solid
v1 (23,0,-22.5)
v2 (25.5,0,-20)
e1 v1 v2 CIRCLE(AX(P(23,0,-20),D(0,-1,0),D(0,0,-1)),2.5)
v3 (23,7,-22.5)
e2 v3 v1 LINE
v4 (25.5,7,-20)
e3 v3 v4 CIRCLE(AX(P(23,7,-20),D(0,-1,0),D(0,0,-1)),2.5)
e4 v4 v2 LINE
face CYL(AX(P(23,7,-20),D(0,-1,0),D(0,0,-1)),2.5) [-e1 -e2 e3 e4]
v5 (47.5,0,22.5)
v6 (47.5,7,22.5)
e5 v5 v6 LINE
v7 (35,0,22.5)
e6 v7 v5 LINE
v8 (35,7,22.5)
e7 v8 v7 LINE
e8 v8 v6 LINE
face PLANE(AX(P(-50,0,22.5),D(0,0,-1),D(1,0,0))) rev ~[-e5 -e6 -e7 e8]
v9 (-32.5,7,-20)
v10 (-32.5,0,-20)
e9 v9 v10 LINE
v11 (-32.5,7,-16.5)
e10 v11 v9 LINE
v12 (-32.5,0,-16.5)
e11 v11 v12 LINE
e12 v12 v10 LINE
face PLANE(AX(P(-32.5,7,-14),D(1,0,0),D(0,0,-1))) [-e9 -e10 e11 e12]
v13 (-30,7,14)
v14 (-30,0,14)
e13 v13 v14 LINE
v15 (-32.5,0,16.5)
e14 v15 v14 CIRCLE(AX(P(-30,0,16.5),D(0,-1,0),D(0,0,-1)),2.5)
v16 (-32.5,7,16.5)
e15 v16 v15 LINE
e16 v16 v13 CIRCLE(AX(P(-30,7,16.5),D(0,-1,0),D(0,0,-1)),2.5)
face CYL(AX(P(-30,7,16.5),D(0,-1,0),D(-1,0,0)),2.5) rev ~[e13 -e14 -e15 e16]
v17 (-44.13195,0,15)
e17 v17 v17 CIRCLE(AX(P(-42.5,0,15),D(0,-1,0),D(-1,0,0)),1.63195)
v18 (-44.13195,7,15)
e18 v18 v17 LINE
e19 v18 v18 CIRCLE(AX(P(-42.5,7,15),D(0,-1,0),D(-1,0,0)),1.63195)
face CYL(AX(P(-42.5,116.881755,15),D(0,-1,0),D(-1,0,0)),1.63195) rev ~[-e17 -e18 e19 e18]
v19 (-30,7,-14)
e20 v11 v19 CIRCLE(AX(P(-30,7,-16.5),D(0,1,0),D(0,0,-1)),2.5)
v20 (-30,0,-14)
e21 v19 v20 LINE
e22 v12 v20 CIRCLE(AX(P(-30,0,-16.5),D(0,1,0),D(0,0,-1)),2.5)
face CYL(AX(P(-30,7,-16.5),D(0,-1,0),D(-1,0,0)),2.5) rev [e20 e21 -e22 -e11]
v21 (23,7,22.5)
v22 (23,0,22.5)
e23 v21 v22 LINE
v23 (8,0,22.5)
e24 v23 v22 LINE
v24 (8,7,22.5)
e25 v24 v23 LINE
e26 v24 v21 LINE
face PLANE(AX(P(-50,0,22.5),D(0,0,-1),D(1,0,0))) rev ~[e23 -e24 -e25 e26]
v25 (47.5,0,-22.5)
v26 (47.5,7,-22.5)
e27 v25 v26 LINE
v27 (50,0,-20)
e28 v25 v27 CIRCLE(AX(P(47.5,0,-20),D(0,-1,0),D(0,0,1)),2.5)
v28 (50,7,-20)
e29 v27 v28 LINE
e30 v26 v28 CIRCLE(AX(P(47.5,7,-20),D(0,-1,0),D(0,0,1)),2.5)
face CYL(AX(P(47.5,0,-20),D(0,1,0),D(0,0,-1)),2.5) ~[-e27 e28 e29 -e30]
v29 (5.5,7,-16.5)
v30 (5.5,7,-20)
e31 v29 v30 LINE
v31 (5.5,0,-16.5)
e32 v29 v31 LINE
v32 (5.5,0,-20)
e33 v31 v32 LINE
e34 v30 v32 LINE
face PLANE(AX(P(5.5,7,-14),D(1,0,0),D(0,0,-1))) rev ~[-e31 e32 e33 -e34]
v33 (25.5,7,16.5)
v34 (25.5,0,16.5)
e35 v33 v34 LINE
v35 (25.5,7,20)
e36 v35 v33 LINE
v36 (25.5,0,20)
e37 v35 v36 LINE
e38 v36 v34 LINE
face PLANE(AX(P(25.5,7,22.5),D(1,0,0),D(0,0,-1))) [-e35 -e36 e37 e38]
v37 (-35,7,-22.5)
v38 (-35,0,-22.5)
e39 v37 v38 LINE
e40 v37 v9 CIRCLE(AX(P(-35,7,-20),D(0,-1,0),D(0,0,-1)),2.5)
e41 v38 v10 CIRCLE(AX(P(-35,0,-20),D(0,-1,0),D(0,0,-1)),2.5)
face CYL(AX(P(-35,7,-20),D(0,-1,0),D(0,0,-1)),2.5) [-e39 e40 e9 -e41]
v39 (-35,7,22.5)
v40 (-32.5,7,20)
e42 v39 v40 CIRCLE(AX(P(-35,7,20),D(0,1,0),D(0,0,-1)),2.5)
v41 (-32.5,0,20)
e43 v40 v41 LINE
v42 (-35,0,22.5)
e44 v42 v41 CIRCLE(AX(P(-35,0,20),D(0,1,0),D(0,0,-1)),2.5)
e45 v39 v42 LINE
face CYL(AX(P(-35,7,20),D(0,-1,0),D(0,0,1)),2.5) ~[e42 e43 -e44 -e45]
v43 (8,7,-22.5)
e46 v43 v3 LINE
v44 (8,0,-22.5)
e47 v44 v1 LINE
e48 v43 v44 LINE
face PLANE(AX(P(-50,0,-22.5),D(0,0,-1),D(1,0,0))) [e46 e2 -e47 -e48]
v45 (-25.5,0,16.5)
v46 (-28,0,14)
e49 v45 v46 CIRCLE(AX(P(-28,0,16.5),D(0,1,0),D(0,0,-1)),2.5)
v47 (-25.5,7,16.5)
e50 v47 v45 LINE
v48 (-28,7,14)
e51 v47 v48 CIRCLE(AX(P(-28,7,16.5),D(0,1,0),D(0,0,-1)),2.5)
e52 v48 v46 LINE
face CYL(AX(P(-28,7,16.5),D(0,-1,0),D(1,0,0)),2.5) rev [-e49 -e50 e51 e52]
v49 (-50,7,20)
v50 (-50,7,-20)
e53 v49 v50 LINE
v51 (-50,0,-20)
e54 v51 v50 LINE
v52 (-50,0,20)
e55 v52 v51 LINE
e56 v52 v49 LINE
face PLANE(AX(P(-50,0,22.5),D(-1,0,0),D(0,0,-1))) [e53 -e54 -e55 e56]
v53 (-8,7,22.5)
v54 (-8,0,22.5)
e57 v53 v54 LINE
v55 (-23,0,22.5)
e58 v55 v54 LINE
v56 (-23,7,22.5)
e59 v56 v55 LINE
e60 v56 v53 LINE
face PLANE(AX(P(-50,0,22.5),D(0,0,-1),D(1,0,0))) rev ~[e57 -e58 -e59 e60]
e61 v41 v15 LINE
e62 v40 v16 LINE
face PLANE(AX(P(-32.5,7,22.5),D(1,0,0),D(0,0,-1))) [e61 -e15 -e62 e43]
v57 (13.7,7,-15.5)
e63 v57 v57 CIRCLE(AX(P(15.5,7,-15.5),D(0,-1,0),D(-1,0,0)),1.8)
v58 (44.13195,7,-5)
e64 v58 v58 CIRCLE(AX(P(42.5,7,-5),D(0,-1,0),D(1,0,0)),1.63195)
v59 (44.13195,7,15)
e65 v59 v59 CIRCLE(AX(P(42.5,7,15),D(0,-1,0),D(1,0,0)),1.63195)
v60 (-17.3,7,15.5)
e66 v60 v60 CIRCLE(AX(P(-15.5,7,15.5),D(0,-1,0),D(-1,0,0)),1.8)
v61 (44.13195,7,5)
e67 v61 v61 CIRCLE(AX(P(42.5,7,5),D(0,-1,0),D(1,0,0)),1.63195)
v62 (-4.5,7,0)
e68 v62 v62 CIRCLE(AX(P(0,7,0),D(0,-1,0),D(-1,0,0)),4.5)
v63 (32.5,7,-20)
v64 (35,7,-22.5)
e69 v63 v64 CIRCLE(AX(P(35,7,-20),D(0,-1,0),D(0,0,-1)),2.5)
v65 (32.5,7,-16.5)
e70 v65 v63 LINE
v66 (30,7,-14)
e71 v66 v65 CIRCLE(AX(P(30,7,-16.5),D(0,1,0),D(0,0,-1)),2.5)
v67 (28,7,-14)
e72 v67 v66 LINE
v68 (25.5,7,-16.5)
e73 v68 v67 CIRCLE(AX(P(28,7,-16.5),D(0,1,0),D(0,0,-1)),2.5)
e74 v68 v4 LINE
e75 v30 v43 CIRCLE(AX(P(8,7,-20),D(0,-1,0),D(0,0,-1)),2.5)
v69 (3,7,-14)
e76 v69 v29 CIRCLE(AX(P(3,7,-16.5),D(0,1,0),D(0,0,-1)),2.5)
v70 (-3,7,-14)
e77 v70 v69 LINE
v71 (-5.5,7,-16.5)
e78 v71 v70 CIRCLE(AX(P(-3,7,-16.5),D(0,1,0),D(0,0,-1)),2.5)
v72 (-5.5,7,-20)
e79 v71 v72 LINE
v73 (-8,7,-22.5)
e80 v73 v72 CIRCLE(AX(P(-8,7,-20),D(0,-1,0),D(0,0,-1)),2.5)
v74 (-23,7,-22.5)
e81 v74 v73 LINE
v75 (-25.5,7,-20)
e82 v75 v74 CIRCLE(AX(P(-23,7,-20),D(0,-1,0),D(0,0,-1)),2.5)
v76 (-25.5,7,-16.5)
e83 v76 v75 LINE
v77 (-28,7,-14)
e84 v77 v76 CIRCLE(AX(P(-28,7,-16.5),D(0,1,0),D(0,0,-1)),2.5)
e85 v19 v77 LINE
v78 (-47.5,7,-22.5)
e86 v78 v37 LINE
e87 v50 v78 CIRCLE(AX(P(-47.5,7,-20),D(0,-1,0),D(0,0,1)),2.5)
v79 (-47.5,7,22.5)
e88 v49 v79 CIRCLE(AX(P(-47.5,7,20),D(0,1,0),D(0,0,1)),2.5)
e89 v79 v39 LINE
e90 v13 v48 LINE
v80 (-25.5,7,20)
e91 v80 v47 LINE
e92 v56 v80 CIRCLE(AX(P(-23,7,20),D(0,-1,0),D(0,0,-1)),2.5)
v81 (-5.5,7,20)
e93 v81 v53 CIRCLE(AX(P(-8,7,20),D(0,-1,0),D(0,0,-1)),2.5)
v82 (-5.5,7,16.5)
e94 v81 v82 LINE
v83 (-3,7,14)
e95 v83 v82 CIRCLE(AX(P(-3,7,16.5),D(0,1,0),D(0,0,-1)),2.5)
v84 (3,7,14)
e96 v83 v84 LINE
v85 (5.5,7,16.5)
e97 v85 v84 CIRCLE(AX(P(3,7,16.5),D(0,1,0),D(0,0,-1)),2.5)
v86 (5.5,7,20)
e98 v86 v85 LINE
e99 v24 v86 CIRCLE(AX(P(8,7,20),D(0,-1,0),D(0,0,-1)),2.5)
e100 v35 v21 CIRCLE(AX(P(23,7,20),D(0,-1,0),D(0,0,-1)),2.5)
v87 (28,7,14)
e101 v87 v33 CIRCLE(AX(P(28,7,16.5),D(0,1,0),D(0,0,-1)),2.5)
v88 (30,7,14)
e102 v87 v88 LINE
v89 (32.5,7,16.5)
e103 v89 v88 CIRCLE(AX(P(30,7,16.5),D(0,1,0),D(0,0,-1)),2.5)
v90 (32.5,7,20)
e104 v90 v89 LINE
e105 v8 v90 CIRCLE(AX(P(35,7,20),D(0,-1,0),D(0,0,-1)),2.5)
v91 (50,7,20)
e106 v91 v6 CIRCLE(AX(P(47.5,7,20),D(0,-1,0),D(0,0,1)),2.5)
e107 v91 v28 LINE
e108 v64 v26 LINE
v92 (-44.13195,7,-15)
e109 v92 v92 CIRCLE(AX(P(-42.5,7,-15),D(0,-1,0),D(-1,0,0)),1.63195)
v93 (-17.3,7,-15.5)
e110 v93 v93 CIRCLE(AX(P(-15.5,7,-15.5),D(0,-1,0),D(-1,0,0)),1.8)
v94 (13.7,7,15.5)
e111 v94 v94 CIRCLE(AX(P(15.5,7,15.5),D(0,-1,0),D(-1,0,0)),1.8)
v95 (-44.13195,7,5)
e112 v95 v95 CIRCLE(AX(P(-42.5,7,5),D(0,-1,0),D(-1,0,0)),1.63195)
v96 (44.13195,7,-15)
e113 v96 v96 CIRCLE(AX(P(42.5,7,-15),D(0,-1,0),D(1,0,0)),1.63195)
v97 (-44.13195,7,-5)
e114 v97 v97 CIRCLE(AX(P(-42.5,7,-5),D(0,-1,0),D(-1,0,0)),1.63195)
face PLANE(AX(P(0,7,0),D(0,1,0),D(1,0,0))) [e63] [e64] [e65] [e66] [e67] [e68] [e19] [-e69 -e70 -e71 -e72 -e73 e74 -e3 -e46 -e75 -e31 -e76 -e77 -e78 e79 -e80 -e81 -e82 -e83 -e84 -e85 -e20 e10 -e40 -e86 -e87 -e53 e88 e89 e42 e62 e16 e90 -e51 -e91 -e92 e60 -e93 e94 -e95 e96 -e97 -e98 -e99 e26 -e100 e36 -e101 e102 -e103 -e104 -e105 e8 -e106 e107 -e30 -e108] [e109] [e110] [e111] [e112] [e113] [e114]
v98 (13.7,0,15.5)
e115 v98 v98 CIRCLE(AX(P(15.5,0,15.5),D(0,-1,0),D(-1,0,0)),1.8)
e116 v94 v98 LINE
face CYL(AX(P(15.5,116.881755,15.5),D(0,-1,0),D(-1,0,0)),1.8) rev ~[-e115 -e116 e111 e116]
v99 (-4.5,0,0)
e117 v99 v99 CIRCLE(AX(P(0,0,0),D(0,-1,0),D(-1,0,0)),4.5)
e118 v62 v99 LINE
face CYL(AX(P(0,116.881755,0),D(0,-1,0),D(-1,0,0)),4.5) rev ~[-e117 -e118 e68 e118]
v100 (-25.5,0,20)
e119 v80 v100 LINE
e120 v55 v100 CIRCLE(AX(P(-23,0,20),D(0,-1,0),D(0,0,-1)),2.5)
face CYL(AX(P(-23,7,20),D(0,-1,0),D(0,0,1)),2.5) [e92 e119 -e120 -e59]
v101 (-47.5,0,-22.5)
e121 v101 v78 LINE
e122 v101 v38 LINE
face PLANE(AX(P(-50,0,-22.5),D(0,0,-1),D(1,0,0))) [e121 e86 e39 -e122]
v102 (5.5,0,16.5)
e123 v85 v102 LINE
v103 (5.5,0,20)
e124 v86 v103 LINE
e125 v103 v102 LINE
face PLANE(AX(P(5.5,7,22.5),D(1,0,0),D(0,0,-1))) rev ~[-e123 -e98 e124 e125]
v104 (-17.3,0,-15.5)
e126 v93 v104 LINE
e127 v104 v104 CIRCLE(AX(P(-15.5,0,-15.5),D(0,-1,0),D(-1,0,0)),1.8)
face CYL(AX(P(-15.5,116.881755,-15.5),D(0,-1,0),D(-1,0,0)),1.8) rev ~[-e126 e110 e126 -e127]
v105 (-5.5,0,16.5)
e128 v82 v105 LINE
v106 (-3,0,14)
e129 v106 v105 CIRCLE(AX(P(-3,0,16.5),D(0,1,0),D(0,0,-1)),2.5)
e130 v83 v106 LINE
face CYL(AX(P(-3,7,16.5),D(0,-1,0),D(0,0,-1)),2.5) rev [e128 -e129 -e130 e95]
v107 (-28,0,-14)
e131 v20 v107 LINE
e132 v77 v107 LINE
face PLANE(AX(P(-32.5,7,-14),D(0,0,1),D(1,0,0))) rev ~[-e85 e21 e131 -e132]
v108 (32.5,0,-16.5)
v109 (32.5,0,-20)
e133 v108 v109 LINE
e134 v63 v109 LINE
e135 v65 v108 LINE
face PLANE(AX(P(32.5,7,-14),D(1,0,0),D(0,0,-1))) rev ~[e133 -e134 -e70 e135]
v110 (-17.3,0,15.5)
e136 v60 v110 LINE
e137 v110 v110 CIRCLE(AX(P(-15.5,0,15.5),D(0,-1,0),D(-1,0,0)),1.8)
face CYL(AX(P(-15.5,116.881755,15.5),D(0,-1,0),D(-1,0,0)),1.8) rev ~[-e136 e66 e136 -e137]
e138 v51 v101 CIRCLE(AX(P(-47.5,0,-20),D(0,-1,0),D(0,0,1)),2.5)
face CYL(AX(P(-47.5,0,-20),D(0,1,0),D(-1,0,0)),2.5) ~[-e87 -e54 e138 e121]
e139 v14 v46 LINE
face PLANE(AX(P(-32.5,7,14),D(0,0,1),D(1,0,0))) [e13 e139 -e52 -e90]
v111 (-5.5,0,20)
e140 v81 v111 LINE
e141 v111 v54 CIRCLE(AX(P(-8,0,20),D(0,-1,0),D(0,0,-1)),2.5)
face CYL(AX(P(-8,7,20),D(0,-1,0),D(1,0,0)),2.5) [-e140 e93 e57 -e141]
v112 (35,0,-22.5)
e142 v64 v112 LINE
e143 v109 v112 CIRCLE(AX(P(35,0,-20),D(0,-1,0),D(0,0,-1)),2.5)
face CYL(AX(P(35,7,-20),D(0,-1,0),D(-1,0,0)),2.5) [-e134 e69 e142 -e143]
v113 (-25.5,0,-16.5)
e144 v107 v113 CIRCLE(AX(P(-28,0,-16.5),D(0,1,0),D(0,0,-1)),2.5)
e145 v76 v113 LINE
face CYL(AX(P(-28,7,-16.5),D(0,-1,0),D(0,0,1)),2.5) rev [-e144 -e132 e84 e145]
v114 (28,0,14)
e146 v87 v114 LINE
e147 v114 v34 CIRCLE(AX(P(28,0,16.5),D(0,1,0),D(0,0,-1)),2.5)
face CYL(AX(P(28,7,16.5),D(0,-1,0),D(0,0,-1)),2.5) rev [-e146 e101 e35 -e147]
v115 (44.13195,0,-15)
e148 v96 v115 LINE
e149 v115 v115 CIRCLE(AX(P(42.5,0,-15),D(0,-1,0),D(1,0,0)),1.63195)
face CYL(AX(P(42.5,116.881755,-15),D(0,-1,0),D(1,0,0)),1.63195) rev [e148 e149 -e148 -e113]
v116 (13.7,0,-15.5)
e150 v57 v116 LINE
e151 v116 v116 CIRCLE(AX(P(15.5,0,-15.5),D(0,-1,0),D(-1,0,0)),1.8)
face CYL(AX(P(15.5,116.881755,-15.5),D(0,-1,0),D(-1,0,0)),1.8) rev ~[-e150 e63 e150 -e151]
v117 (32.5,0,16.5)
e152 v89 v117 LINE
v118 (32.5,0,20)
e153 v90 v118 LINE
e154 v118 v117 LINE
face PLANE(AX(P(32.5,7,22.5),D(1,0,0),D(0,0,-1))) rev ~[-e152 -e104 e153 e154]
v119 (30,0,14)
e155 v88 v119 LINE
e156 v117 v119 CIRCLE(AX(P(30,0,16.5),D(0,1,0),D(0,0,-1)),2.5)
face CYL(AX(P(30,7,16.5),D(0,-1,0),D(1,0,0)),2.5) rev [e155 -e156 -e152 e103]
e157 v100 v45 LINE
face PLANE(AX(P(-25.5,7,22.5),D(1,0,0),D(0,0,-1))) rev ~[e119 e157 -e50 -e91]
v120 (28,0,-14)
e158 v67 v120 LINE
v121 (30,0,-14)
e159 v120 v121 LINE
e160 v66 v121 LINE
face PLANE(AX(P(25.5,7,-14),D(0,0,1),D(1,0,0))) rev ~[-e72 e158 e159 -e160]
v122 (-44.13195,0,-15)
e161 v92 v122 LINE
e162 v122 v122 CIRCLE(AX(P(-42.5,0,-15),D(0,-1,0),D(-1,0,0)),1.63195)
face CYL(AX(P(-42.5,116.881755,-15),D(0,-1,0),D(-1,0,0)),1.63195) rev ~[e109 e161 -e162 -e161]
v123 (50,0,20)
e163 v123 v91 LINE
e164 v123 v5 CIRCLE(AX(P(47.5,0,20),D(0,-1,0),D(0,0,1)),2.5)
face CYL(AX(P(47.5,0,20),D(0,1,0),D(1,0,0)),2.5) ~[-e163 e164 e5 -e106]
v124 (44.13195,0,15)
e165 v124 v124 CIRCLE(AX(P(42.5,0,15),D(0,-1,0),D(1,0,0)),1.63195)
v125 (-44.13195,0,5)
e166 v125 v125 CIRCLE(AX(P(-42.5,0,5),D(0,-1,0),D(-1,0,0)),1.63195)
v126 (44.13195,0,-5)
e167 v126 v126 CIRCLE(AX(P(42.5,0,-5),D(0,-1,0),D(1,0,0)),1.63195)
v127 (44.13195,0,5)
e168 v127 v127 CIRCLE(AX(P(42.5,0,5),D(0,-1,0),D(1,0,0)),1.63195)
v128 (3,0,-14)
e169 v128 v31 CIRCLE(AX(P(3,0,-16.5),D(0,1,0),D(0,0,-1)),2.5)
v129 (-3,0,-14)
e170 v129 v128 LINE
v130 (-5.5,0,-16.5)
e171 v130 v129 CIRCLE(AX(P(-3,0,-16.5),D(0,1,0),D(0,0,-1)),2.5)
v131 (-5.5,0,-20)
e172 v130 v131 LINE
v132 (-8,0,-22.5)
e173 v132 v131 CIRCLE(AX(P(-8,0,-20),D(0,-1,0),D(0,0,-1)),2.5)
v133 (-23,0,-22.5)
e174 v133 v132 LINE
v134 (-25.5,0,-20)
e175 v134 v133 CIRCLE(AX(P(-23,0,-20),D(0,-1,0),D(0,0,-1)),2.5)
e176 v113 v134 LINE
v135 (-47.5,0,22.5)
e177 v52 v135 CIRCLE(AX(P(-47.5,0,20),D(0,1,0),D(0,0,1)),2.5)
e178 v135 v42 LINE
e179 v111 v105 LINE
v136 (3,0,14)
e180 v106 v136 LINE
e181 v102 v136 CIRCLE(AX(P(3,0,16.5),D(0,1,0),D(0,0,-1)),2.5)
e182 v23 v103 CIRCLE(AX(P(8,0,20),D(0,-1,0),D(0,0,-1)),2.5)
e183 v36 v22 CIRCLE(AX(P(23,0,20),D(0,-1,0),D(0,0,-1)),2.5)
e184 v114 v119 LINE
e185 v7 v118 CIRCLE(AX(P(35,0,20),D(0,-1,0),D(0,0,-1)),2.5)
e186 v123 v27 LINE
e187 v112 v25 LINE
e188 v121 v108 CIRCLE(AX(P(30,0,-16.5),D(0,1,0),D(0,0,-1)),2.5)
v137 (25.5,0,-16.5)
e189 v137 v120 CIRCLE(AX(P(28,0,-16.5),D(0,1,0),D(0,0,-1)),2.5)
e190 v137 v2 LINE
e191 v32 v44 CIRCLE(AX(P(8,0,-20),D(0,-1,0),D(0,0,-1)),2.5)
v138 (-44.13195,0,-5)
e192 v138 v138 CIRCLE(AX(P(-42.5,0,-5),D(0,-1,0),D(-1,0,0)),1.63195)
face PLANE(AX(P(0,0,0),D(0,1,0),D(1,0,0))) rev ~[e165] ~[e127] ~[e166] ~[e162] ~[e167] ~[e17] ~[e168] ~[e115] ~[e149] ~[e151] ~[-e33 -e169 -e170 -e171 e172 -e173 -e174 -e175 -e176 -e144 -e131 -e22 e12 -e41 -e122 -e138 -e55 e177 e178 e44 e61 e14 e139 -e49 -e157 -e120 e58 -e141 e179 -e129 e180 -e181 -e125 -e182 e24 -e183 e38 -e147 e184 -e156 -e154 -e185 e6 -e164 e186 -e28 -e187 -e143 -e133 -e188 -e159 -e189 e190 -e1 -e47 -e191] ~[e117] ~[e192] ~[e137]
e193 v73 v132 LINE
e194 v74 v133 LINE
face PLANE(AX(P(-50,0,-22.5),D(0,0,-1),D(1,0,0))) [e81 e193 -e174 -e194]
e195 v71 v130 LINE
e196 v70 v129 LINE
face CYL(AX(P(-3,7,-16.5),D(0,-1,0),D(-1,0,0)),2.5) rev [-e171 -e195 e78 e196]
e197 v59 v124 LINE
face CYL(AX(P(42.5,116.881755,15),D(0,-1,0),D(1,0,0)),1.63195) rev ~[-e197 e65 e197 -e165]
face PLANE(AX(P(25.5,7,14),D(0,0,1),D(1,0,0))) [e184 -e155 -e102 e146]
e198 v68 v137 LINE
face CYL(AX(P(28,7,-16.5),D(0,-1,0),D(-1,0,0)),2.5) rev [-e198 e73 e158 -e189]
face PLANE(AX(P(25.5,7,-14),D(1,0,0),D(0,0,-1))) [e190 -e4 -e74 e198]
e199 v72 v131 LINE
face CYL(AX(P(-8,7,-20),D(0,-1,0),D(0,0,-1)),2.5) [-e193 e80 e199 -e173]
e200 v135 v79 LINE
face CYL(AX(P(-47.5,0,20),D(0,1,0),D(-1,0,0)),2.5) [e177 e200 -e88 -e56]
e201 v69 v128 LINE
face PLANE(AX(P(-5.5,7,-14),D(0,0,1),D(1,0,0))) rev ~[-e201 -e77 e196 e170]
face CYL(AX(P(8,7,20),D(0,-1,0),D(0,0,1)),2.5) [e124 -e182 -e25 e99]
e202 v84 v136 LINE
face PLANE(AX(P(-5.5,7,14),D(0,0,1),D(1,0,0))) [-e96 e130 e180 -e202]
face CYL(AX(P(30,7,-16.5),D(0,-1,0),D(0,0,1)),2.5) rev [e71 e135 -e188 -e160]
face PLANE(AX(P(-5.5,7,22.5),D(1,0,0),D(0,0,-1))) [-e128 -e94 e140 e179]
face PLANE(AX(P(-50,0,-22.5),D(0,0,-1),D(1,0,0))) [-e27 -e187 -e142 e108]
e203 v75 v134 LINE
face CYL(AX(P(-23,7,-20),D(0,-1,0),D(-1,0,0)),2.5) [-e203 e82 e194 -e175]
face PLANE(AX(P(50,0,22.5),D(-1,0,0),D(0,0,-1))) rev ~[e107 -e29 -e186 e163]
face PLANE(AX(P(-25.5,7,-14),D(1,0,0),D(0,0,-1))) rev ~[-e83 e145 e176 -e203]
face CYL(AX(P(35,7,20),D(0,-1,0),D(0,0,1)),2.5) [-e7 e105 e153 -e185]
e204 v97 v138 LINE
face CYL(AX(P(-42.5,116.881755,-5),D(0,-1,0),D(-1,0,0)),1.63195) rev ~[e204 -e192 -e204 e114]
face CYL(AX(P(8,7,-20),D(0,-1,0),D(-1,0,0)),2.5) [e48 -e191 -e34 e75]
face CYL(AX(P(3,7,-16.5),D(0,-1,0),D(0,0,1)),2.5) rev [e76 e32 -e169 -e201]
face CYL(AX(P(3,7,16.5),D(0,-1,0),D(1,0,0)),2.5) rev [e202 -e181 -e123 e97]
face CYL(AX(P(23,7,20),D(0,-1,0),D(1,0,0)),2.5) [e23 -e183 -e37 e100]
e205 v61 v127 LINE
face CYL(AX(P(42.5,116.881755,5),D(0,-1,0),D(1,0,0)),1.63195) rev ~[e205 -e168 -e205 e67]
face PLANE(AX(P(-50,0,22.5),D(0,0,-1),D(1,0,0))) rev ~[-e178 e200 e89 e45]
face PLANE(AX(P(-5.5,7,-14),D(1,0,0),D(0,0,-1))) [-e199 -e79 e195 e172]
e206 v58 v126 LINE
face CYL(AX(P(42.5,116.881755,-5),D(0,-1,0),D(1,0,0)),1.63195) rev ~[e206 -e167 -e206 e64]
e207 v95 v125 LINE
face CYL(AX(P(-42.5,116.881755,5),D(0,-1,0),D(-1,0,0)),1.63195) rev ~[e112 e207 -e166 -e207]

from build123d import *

# Parameters (mm, degrees)
SKETCH1_W             = 100
SKETCH1_H             = 45
BOSS_EXTRUDE1_DEPTH   = 7
M3_CLEARANCE_HOLE1_D  = 3.6
M8_CLEARANCE_HOLE1_D  = 9
F_4_CLEARANCE_HOLE1_D = 3.2639
LPATTERN1_COUNT       = 4
LPATTERN1_PITCH       = 10
MIRROR1_COPY_1_D      = 3.2639
MIRROR1_COPY_2_D      = 3.2639
MIRROR1_COPY_3_D      = 3.2639
SKETCH9_W             = 7
SKETCH9_H             = 8.5
SKETCH9_W_2           = 11
CUT_EXTRUDE1_DEPTH    = 8
FILLET1_R             = 2.5


with BuildPart() as part:
    # Sketch1 → Boss-Extrude1 (new body)
    with BuildSketch(Plane(origin=(0, 0, 0), x_dir=(1, 0, 0), z_dir=(0, 1, 0))):
        Rectangle(SKETCH1_W, SKETCH1_H)
    extrude(amount=BOSS_EXTRUDE1_DEPTH)

    # M3 Clearance Hole1 (through all)
    with Locations(Plane(origin=(0, 7, 0), x_dir=(1, 0, 0), z_dir=(0, 1, 0))):
        with Locations((15.5, 15.5), (-15.5, 15.5), (-15.5, -15.5), (15.5, -15.5)):
            Hole(M3_CLEARANCE_HOLE1_D / 2)

    # M8 Clearance Hole1 (through all)
    with Locations(Plane(origin=(0, 7, 0), x_dir=(1, 0, 0), z_dir=(0, 1, 0))):
        with Locations((0, 0)):
            Hole(M8_CLEARANCE_HOLE1_D / 2)

    # #4 Clearance Hole1 (through all)
    with Locations(Plane(origin=(0, 7, 0), x_dir=(1, 0, 0), z_dir=(0, 1, 0))):
        with Locations((-42.5, 15)):
            f_4_clearance_hole1 = Hole(F_4_CLEARANCE_HOLE1_D / 2)

    # LPattern1: #4 Clearance Hole1 ×4
    with Locations(*[(0, 0, i * LPATTERN1_PITCH) for i in range(1, LPATTERN1_COUNT)]):
        add(f_4_clearance_hole1, mode=Mode.SUBTRACT)

    # Mirror1: #4 Clearance Hole1 across plane
    add(f_4_clearance_hole1.mirror(Plane(origin=(0, 0, 0), x_dir=(0, 0, 1), z_dir=(1, 0, 0))), mode=Mode.SUBTRACT)

    # Mirror1 copy 1 (through all)
    with Locations(Plane(origin=(0, 7, 10), x_dir=(-1, 0, 0), z_dir=(0, 1, 0))):
        with Locations((-42.5, -15)):
            Hole(MIRROR1_COPY_1_D / 2)

    # Mirror1 copy 2 (through all)
    with Locations(Plane(origin=(0, 7, 20), x_dir=(-1, 0, 0), z_dir=(0, 1, 0))):
        with Locations((-42.5, -15)):
            Hole(MIRROR1_COPY_2_D / 2)

    # Mirror1 copy 3 (through all)
    with Locations(Plane(origin=(0, 7, 30), x_dir=(-1, 0, 0), z_dir=(0, 1, 0))):
        with Locations((-42.5, -15)):
            Hole(MIRROR1_COPY_3_D / 2)

    # Sketch9 → Cut-Extrude1 (cut, through all)
    with BuildSketch(Plane(origin=(0, 7, 0), x_dir=(1, 0, 0), z_dir=(0, 1, 0))):
        with Locations((-29, 18.25)):
            Rectangle(SKETCH9_W, SKETCH9_H)
        with Locations((-29, -18.25)):
            Rectangle(SKETCH9_W, SKETCH9_H)
        with Locations((29, -18.25)):
            Rectangle(SKETCH9_W, SKETCH9_H)
        with Locations((29, 18.25)):
            Rectangle(SKETCH9_W, SKETCH9_H)
        with Locations((0, 18.25)):
            Rectangle(SKETCH9_W_2, SKETCH9_H)
        with Locations((0, -18.25)):
            Rectangle(SKETCH9_W_2, SKETCH9_H)
    extrude(amount=-CUT_EXTRUDE1_DEPTH, mode=Mode.SUBTRACT)

    # Fillet1
    fillet1_edges = [part.edges().sort_by_distance(p)[0] for p in [
        (5.5, 3.5, 22.5),
        (-5.5, 3.5, 22.5),
        (-5.5, 3.5, 14),
        (5.5, 3.5, 14),
        (25.5, 3.5, -22.5),
        (32.5, 3.5, -22.5),
        (32.5, 3.5, -14),
        (25.5, 3.5, -14),
        (32.5, 3.5, 22.5),
        (25.5, 3.5, 22.5),
        (25.5, 3.5, 14),
        (32.5, 3.5, 14),
        (-25.5, 3.5, 22.5),
        (-32.5, 3.5, 22.5),
        (-32.5, 3.5, 14),
        (-25.5, 3.5, 14),
        (5.5, 3.5, -22.5),
        (5.5, 3.5, -14),
        (-5.5, 3.5, -14),
        (-5.5, 3.5, -22.5),
        (-32.5, 3.5, -22.5),
        (-25.5, 3.5, -22.5),
        (-25.5, 3.5, -14),
        (-32.5, 3.5, -14),
        (-50, 3.5, -22.5),
        (50, 3.5, -22.5),
        (50, 3.5, 22.5),
        (-50, 3.5, 22.5),
    ]]
    fillet(fillet1_edges, radius=FILLET1_R)


solid = part.part
